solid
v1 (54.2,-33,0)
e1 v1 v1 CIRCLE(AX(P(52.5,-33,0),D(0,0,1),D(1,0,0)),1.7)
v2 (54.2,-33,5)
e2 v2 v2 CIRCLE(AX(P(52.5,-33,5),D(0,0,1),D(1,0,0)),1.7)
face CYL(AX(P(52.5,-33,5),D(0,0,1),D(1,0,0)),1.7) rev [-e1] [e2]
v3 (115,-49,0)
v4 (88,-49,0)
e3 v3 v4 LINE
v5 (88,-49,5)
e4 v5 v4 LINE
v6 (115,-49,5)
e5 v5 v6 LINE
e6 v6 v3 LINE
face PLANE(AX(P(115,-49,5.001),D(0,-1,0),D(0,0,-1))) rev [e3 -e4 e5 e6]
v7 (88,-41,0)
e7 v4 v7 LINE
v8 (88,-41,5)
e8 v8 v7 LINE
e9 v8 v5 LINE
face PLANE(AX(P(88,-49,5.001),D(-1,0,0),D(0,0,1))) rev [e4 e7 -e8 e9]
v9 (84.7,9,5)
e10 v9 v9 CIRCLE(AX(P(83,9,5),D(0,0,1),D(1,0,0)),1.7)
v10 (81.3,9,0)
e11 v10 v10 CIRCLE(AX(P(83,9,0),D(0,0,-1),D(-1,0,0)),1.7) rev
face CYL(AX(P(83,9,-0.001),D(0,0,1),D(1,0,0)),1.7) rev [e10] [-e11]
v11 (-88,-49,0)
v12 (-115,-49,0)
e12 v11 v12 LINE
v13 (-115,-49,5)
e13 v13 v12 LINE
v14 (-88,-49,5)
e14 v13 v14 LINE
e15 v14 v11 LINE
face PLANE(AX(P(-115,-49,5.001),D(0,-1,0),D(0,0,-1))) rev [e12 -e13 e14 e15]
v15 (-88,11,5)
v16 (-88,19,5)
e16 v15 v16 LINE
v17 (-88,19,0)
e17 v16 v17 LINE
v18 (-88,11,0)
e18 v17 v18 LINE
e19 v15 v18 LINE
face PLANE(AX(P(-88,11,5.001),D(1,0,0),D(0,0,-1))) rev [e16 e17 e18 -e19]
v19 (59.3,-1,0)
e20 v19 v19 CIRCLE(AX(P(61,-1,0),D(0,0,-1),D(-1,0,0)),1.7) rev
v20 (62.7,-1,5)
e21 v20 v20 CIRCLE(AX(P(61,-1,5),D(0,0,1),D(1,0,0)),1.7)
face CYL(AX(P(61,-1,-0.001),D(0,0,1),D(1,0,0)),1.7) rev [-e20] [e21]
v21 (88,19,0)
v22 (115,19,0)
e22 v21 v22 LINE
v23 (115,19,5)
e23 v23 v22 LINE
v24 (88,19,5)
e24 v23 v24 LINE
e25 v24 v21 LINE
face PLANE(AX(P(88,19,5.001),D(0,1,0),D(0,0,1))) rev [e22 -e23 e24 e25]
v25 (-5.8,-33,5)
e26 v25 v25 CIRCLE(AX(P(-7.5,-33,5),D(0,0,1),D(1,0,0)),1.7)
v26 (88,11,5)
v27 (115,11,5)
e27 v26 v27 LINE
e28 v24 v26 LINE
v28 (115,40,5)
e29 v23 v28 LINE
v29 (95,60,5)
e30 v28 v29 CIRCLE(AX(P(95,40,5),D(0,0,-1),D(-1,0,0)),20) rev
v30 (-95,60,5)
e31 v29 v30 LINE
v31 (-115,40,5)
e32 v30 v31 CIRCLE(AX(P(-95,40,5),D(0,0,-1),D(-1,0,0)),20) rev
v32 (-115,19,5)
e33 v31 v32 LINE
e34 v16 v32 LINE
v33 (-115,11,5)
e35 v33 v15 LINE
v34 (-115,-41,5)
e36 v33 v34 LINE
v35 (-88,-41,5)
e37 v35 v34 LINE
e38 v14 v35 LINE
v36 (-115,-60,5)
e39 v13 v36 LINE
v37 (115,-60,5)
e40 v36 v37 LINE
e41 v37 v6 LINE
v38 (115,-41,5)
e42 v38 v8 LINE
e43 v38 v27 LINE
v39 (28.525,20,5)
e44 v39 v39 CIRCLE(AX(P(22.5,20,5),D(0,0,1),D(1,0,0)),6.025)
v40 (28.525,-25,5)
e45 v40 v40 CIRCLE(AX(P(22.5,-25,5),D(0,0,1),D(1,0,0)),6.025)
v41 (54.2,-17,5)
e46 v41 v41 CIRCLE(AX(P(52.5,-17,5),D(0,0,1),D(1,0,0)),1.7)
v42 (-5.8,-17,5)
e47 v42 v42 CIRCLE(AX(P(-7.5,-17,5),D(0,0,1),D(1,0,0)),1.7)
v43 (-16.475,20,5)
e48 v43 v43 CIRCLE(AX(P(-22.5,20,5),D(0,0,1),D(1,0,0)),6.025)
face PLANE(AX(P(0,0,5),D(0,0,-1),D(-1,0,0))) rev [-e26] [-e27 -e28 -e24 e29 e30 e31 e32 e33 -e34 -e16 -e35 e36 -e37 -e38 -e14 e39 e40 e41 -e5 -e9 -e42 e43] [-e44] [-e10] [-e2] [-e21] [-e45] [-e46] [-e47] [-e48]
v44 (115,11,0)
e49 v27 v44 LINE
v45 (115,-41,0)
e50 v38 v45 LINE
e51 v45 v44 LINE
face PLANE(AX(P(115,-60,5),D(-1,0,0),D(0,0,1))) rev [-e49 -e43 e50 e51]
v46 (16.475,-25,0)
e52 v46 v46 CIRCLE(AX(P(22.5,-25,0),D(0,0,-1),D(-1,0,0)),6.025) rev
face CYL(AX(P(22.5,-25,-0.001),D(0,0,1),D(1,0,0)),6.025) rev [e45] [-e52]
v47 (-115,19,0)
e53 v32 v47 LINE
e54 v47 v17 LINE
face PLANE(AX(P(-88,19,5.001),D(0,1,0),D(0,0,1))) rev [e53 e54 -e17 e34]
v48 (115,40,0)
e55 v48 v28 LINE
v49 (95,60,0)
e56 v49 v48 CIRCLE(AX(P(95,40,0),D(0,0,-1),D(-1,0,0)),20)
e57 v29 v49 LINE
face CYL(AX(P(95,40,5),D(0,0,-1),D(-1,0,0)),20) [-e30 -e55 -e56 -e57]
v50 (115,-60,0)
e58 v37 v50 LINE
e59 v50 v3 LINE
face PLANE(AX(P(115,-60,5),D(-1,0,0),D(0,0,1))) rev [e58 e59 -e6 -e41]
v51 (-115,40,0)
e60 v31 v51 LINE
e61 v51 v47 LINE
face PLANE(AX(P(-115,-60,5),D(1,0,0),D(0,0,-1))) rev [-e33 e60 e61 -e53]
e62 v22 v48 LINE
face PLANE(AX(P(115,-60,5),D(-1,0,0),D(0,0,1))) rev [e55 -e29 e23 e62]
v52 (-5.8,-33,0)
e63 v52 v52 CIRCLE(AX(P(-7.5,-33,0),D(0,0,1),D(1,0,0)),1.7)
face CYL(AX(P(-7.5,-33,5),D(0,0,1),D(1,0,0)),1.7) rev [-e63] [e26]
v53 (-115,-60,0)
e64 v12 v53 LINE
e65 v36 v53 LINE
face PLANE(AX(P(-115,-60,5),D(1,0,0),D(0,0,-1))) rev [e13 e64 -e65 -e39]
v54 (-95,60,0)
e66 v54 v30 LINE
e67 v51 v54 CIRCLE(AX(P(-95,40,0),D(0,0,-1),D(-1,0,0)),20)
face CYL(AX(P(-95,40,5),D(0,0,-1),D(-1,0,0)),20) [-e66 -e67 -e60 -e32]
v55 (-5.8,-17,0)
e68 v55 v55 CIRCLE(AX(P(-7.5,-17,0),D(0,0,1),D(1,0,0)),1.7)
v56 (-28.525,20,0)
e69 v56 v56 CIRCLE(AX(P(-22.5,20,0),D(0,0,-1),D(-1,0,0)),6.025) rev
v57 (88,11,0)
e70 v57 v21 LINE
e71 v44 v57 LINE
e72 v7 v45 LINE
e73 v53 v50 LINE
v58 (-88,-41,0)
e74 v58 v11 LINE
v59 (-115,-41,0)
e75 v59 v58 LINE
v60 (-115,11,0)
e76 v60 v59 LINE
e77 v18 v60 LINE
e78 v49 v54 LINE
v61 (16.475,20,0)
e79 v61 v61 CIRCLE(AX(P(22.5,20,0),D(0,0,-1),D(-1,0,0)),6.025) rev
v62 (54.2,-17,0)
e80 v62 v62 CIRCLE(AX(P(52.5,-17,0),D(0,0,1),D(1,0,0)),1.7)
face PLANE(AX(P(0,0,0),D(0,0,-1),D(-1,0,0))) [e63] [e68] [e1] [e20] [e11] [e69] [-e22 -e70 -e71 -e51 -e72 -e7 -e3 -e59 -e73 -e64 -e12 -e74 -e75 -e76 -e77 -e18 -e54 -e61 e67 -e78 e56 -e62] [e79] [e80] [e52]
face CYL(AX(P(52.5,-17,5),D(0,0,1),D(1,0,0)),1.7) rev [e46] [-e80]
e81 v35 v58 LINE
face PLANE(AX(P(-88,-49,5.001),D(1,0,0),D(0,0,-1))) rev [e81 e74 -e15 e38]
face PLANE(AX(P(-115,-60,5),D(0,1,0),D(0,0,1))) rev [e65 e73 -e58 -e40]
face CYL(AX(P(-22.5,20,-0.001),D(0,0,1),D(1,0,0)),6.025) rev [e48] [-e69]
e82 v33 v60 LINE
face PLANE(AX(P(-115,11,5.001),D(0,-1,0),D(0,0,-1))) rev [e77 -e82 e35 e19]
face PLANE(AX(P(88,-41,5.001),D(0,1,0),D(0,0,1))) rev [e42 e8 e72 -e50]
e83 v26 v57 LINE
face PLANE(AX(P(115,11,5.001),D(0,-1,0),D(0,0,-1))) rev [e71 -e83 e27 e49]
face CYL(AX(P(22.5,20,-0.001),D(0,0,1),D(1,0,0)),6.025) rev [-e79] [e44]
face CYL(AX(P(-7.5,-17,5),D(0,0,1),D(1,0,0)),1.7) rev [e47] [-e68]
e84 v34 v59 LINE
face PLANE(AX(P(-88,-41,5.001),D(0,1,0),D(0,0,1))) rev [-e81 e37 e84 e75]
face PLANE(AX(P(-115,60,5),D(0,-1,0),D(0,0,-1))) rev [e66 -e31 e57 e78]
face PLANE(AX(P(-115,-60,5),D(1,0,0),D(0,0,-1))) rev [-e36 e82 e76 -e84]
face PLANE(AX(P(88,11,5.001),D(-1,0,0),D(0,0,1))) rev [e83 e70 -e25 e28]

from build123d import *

# Parameters (mm, degrees)
SKETCH1_W            = 230
SKETCH1_H            = 120
BOSS_EXTRUDE1_DEPTH  = 5
CUT_EXTRUDE1_REACH   = 131.808
SKETCH2_W            = 27
SKETCH2_H            = 8.000000001
CUT_EXTRUDE2_REACH   = 131.808
SKETCH3_R            = 6.025
M3_CLEARANCE_HOLE1_D = 3.4
FILLET1_R            = 20
CUT_EXTRUDE3_REACH   = 131.808
SKETCH7_R            = 1.7


with BuildPart() as part:
    # Sketch1 → Boss-Extrude1 (new body)
    with BuildSketch(Plane.XY):
        Rectangle(SKETCH1_W, SKETCH1_H)
    extrude(amount=BOSS_EXTRUDE1_DEPTH)

    # Sketch2 → Cut-Extrude1 (cut, up to next)
    with BuildSketch(Plane(origin=(0, 0, 0), x_dir=(-1, 0, 0), z_dir=(0, 0, -1)), mode=Mode.PRIVATE) as cut_extrude1_sk1:
        with Locations((101.5, 15.000000001)):
            Rectangle(SKETCH2_W, SKETCH2_H)
    cut_extrude1_tool1 = extrude(cut_extrude1_sk1.sketch, amount=-CUT_EXTRUDE1_REACH, mode=Mode.PRIVATE) & part.part
    # Sketch2 → Cut-Extrude1 (cut, up to next)
    with BuildSketch(Plane(origin=(0, 0, 0), x_dir=(-1, 0, 0), z_dir=(0, 0, -1)), mode=Mode.PRIVATE) as cut_extrude1_sk2:
        with Locations((101.5, -45.000000001)):
            Rectangle(SKETCH2_W, SKETCH2_H)
    cut_extrude1_tool2 = extrude(cut_extrude1_sk2.sketch, amount=-CUT_EXTRUDE1_REACH, mode=Mode.PRIVATE) & part.part
    # Sketch2 → Cut-Extrude1 (cut, up to next)
    with BuildSketch(Plane(origin=(0, 0, 0), x_dir=(-1, 0, 0), z_dir=(0, 0, -1)), mode=Mode.PRIVATE) as cut_extrude1_sk3:
        with Locations((-101.5, -45.000000001)):
            Rectangle(SKETCH2_W, SKETCH2_H)
    cut_extrude1_tool3 = extrude(cut_extrude1_sk3.sketch, amount=-CUT_EXTRUDE1_REACH, mode=Mode.PRIVATE) & part.part
    # Sketch2 → Cut-Extrude1 (cut, up to next)
    with BuildSketch(Plane(origin=(0, 0, 0), x_dir=(-1, 0, 0), z_dir=(0, 0, -1)), mode=Mode.PRIVATE) as cut_extrude1_sk4:
        with Locations((-101.5, 15.000000001)):
            Rectangle(SKETCH2_W, SKETCH2_H)
    cut_extrude1_tool4 = extrude(cut_extrude1_sk4.sketch, amount=-CUT_EXTRUDE1_REACH, mode=Mode.PRIVATE) & part.part
    add(cut_extrude1_tool1.solids().sort_by_distance((-101.5, 15, 0))[0], mode=Mode.SUBTRACT)
    add(cut_extrude1_tool2.solids().sort_by_distance((-101.5, -45, 0))[0], mode=Mode.SUBTRACT)
    add(cut_extrude1_tool3.solids().sort_by_distance((101.5, -45, 0))[0], mode=Mode.SUBTRACT)
    add(cut_extrude1_tool4.solids().sort_by_distance((101.5, 15, 0))[0], mode=Mode.SUBTRACT)

    # Sketch3 → Cut-Extrude2 (cut, up to next)
    with BuildSketch(Plane.XY.offset(5), mode=Mode.PRIVATE) as cut_extrude2_sk1:
        with Locations((22.5, 20)):
            Circle(SKETCH3_R)
    cut_extrude2_tool1 = extrude(cut_extrude2_sk1.sketch, amount=-CUT_EXTRUDE2_REACH, mode=Mode.PRIVATE) & part.part
    # Sketch3 → Cut-Extrude2 (cut, up to next)
    with BuildSketch(Plane.XY.offset(5), mode=Mode.PRIVATE) as cut_extrude2_sk2:
        with Locations((-22.5, 20)):
            Circle(SKETCH3_R)
    cut_extrude2_tool2 = extrude(cut_extrude2_sk2.sketch, amount=-CUT_EXTRUDE2_REACH, mode=Mode.PRIVATE) & part.part
    # Sketch3 → Cut-Extrude2 (cut, up to next)
    with BuildSketch(Plane.XY.offset(5), mode=Mode.PRIVATE) as cut_extrude2_sk3:
        with Locations((22.5, -25)):
            Circle(SKETCH3_R)
    cut_extrude2_tool3 = extrude(cut_extrude2_sk3.sketch, amount=-CUT_EXTRUDE2_REACH, mode=Mode.PRIVATE) & part.part
    add(cut_extrude2_tool1.solids().sort_by_distance((22.5, 20, 5))[0], mode=Mode.SUBTRACT)
    add(cut_extrude2_tool2.solids().sort_by_distance((-22.5, 20, 5))[0], mode=Mode.SUBTRACT)
    add(cut_extrude2_tool3.solids().sort_by_distance((22.5, -25, 5))[0], mode=Mode.SUBTRACT)

    # M3 Clearance Hole1 (through all)
    with Locations(Plane(origin=(-7.5, -17, 5), x_dir=(1, 0, 0), z_dir=(0, 0, 1))):
        with Locations((0, 0), (60, 0), (60, -16), (0, -16)):
            Hole(M3_CLEARANCE_HOLE1_D / 2)

    # Fillet1
    fillet1_edges = [part.edges().sort_by_distance(p)[0] for p in [
        (-115, 60, 2.5),
        (115, 60, 2.5),
    ]]
    fillet(fillet1_edges, radius=FILLET1_R)

    # Sketch7 → Cut-Extrude3 (cut, up to next)
    with BuildSketch(Plane.XY.offset(5), mode=Mode.PRIVATE) as cut_extrude3_sk1:
        with Locations((61, -1)):
            Circle(SKETCH7_R)
    cut_extrude3_tool1 = extrude(cut_extrude3_sk1.sketch, amount=-CUT_EXTRUDE3_REACH, mode=Mode.PRIVATE) & part.part
    # Sketch7 → Cut-Extrude3 (cut, up to next)
    with BuildSketch(Plane.XY.offset(5), mode=Mode.PRIVATE) as cut_extrude3_sk2:
        with Locations((83, 9)):
            Circle(SKETCH7_R)
    cut_extrude3_tool2 = extrude(cut_extrude3_sk2.sketch, amount=-CUT_EXTRUDE3_REACH, mode=Mode.PRIVATE) & part.part
    add(cut_extrude3_tool1.solids().sort_by_distance((61, -1, 5))[0], mode=Mode.SUBTRACT)
    add(cut_extrude3_tool2.solids().sort_by_distance((83, 9, 5))[0], mode=Mode.SUBTRACT)


solid = part.part
